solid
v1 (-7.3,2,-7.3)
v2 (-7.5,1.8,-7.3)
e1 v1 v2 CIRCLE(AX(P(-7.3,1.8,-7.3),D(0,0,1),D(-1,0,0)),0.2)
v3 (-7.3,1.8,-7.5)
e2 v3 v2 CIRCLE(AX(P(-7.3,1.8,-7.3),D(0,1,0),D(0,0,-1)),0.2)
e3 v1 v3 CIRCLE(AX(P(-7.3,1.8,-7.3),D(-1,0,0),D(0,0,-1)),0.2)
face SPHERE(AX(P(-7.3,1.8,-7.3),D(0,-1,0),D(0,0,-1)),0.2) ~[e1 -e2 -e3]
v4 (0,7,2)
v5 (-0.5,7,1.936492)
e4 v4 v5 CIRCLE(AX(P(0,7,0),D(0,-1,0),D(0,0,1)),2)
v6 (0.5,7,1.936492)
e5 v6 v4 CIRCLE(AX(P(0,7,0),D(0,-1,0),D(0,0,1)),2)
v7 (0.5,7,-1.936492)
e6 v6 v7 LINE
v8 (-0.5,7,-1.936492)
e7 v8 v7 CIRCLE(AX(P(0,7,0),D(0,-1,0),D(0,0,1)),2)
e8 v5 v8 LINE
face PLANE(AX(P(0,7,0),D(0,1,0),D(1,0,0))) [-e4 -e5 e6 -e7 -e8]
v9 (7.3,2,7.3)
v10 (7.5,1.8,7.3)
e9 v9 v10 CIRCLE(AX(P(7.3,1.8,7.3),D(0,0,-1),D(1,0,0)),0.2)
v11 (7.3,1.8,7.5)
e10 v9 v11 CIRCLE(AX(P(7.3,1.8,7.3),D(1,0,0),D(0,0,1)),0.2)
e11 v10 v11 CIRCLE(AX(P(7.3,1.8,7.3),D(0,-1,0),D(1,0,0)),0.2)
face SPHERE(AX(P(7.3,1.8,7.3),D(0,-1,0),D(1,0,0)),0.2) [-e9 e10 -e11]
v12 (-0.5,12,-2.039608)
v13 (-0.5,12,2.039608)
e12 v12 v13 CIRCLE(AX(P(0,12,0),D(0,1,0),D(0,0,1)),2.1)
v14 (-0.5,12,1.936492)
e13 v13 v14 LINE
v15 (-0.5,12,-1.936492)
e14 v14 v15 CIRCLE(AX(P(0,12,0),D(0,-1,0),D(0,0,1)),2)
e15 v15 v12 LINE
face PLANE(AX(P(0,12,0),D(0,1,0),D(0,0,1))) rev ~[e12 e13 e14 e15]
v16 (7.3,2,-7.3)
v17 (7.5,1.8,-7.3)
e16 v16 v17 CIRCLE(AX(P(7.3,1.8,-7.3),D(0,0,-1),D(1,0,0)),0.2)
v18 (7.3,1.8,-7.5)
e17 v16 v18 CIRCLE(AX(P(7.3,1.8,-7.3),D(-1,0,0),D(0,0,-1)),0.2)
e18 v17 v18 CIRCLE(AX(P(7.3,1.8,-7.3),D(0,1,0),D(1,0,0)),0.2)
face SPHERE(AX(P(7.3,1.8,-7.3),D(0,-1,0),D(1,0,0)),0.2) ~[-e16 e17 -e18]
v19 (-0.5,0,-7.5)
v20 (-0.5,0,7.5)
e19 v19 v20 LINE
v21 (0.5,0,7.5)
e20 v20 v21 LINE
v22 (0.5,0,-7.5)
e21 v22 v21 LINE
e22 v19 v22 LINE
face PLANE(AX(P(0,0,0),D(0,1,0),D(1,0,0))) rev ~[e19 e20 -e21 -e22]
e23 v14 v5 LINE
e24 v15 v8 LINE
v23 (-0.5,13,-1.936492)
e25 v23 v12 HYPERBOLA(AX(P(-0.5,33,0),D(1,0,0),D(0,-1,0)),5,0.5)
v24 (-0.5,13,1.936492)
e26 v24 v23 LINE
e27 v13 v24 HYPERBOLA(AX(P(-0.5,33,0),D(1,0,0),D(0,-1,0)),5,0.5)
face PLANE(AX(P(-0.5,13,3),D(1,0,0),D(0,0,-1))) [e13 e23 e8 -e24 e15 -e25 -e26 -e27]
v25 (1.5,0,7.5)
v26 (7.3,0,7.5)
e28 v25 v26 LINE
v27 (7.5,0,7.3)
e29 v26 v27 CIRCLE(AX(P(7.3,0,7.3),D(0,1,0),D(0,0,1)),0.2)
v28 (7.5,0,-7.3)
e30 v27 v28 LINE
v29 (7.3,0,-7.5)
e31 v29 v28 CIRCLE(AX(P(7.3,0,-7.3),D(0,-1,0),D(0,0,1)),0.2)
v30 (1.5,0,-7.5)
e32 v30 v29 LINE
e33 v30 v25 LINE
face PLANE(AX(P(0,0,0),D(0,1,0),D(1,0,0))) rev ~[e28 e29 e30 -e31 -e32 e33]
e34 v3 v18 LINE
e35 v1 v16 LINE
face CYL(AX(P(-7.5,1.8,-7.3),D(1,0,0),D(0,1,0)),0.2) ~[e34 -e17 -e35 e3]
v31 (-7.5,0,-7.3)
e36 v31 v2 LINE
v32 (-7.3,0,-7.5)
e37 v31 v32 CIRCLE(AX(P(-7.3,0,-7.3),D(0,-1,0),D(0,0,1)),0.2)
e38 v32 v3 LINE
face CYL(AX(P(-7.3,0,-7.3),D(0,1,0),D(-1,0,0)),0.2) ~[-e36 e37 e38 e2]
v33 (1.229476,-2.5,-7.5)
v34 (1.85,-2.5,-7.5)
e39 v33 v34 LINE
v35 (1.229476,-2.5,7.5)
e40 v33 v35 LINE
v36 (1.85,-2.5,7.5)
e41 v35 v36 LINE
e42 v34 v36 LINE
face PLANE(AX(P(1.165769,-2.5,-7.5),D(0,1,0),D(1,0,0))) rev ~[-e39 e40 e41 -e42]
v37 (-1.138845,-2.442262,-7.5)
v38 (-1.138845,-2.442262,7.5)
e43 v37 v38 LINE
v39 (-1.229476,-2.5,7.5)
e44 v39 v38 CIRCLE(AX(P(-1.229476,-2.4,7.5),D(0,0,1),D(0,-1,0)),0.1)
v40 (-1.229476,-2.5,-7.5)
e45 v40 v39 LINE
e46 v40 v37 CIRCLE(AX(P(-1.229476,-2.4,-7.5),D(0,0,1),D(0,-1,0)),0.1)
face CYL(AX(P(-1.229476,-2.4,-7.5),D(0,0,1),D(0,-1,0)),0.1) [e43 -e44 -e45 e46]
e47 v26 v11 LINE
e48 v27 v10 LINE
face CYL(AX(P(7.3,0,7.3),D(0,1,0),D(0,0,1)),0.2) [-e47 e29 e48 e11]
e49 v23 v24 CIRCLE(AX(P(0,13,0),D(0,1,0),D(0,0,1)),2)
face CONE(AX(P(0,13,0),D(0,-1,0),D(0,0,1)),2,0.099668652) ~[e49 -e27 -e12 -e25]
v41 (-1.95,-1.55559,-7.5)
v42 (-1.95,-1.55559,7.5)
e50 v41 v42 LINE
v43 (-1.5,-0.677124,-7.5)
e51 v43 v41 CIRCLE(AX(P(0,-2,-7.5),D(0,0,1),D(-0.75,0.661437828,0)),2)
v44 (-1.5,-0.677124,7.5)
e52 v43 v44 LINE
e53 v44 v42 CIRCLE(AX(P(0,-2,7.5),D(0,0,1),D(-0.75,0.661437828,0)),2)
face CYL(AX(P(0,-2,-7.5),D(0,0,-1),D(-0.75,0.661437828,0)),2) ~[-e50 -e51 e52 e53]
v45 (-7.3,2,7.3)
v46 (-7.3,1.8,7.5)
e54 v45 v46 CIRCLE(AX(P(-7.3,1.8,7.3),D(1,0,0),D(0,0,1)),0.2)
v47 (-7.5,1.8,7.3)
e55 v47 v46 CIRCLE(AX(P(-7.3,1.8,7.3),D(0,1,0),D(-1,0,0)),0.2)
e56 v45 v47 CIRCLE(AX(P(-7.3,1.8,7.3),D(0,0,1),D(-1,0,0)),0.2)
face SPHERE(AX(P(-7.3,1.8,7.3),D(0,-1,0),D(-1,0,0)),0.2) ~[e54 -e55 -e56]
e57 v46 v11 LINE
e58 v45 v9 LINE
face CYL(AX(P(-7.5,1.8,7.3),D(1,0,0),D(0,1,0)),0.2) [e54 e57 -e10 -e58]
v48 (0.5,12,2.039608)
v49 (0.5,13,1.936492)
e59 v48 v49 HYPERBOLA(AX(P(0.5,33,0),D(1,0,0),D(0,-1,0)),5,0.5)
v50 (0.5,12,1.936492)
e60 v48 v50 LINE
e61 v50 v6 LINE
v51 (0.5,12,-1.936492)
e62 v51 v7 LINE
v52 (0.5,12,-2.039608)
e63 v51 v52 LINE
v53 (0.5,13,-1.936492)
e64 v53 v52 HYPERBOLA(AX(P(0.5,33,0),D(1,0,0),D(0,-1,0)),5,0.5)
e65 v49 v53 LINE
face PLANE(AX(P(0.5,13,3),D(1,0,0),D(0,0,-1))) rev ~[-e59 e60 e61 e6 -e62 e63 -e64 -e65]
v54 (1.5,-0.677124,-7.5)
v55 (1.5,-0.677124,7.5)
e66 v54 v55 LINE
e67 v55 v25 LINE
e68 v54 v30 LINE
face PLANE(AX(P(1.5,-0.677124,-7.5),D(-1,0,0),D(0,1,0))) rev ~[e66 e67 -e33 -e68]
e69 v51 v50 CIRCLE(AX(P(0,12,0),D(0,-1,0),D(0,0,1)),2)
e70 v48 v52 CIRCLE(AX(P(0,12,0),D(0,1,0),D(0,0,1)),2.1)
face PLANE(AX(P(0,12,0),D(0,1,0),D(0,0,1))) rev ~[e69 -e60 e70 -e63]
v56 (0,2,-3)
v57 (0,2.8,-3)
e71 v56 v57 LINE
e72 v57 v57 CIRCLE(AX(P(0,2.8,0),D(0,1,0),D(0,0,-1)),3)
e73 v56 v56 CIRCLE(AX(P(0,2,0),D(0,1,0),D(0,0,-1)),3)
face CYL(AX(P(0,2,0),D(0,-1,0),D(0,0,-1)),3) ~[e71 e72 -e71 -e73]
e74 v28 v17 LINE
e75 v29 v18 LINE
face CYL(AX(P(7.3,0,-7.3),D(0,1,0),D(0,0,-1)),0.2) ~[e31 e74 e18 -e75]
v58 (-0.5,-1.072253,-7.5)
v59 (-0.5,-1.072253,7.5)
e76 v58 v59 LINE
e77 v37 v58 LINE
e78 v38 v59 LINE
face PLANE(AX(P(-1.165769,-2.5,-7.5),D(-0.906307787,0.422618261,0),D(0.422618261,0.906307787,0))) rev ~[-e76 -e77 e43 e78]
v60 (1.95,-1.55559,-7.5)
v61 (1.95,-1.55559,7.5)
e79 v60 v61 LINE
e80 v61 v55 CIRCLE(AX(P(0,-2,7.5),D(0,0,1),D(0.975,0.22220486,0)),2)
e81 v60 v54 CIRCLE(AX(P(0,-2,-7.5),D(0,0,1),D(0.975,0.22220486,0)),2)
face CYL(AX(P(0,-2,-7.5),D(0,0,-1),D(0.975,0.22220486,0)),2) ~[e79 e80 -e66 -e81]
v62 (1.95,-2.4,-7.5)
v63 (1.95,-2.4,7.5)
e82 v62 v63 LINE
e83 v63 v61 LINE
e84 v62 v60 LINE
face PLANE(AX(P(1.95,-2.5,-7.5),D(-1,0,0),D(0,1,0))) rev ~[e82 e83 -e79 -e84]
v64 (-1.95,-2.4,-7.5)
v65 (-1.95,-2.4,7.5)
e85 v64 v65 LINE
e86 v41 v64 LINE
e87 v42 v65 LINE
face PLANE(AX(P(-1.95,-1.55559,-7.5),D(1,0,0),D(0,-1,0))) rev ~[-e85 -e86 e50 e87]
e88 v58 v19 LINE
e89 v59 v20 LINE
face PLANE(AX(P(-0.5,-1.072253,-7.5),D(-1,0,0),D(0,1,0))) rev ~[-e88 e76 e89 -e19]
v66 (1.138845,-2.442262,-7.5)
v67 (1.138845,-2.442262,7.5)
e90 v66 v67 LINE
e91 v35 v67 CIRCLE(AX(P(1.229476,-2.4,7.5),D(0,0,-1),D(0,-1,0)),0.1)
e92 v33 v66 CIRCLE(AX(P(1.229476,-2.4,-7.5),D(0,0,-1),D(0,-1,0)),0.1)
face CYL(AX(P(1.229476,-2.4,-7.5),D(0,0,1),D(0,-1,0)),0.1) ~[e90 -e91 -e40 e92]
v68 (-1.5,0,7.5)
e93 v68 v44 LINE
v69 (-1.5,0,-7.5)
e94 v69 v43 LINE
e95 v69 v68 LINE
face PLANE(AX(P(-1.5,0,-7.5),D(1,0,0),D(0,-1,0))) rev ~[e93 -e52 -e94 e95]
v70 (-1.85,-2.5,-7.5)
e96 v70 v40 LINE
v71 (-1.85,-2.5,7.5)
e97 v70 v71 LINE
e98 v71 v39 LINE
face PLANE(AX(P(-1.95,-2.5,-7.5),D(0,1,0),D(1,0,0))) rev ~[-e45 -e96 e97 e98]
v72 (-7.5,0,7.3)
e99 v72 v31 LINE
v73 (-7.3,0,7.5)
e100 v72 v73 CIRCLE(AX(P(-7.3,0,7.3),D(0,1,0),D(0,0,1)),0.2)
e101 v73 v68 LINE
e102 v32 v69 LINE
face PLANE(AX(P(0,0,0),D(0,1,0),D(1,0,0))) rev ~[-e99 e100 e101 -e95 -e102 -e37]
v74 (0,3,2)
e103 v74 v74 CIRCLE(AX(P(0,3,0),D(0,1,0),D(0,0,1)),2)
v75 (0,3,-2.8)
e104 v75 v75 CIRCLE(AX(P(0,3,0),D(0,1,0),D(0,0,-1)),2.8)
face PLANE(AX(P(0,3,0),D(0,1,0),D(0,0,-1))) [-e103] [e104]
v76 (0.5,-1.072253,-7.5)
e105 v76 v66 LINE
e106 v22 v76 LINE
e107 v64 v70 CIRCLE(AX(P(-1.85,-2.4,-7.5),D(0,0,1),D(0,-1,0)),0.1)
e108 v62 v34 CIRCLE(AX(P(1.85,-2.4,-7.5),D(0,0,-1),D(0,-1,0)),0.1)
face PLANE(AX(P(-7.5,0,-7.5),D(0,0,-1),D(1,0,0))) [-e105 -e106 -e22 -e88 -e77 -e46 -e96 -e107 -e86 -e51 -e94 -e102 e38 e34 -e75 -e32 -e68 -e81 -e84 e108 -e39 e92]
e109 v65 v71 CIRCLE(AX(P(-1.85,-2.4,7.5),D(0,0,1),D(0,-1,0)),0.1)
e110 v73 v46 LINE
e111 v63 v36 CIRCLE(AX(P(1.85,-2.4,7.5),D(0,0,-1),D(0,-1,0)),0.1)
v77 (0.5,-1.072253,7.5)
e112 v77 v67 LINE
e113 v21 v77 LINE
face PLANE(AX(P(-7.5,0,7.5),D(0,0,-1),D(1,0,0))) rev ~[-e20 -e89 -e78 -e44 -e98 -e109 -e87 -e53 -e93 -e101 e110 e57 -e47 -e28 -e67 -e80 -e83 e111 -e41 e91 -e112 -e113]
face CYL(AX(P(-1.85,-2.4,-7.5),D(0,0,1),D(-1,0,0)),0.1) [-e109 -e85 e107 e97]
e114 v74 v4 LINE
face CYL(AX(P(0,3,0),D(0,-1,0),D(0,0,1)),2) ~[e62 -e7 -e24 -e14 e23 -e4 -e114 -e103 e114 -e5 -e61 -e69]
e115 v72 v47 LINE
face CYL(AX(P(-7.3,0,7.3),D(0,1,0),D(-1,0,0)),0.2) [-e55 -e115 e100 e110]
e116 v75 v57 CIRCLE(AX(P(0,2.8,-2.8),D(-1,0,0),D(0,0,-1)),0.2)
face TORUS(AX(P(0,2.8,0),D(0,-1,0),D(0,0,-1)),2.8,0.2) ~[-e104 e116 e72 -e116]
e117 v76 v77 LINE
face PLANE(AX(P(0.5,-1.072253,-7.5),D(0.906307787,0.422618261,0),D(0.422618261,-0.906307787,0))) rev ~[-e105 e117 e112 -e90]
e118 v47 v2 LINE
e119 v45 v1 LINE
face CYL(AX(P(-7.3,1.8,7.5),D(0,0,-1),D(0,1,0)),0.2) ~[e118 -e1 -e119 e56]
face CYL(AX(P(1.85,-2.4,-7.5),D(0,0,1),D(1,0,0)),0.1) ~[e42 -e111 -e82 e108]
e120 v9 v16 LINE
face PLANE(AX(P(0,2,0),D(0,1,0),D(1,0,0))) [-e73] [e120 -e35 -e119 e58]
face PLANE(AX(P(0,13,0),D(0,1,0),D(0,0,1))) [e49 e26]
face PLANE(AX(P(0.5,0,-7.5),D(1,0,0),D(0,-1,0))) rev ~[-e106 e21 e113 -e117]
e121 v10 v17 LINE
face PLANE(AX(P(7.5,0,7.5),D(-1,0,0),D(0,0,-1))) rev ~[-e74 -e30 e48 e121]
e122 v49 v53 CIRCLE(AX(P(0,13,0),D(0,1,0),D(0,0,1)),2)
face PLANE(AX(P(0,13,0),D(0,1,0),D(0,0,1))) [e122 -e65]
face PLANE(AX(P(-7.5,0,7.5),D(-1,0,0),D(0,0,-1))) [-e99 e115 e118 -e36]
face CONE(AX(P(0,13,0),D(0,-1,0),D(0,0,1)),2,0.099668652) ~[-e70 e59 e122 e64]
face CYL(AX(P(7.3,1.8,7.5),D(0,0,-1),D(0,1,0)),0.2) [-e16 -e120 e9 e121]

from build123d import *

# Parameters (mm, degrees)
SKETCH_1_W           = 15
SKETCH_1_H           = 15
EXTRUDE_1_DEPTH      = 2
SKETCH_2_R           = 3
EXTRUDE_2_DEPTH      = 1
SKETCH_3_R           = 2
EXTRUDE_3_DEPTH      = 10
SKETCH_5_W           = 1
SKETCH_5_H           = 6
CUT_EXTRUDE_1_DEPTH  = 6
EXTRUDE_4_DEPTH      = 7.5
EXTRUDE_4_DEPTH_BACK = 7.5
FILLET_1_R           = 0.2
FILLET_2_R           = 0.1


with BuildPart() as part:
    # 草图1 → 凸台-拉伸1 (new body)
    with BuildSketch(Plane(origin=(0, 0, 0), x_dir=(1, 0, 0), z_dir=(0, 1, 0))):
        Rectangle(SKETCH_1_W, SKETCH_1_H)
    extrude(amount=EXTRUDE_1_DEPTH)

    # 草图2 → 凸台-拉伸2 (add)
    with BuildSketch(Plane(origin=(0, 2, 0), x_dir=(1, 0, 0), z_dir=(0, 1, 0))):
        Circle(SKETCH_2_R)
    extrude(amount=EXTRUDE_2_DEPTH)

    # 草图3 → 凸台-拉伸3 (add)
    with BuildSketch(Plane(origin=(0, 3, 0), x_dir=(1, 0, 0), z_dir=(0, 1, 0))):
        Circle(SKETCH_3_R)
    extrude(amount=EXTRUDE_3_DEPTH)

    # 草图4 → 旋转1 (revolve)
    with BuildSketch(Plane.XY):
        Polygon((0, 13), (-2, 13), (-2.1, 12), (0, 12), align=None)
    revolve(axis=Axis((0, 12, 0), (0, 1, 0)))

    # 草图5 → 切除-拉伸1 (cut)
    with BuildSketch(Plane(origin=(0, 13, 0), x_dir=(1, 0, 0), z_dir=(0, 1, 0))):
        Rectangle(SKETCH_5_W, SKETCH_5_H)
    extrude(amount=-CUT_EXTRUDE_1_DEPTH, mode=Mode.SUBTRACT)

    # 草图6 → 凸台-拉伸4 (add, two sides: drawn at the far end of the back side and taken through both)
    with BuildSketch(Plane.XY.offset(-EXTRUDE_4_DEPTH_BACK)):
        with BuildLine():
            Line((-0.5, 0), (-1.5, 0))
            Line((-1.5, 0), (-1.5, -0.677124344))
            ThreePointArc((-1.5, -0.677124344), (-1.780042303, -1.088161527), (-1.95, -1.555590279))
            Line((-1.95, -1.555590279), (-1.95, -2.5))
            Line((-1.95, -2.5), (-1.165769145, -2.5))
            Line((-1.165769145, -2.5), (-0.5, -1.07225346))
            Line((-0.5, -1.07225346), (-0.5, 0))
        make_face()
        with BuildLine():
            Line((0.5, 0), (0.5, -1.07225346))
            Line((0.5, -1.07225346), (1.165769145, -2.5))
            Line((1.165769145, -2.5), (1.95, -2.5))
            Line((1.95, -2.5), (1.95, -1.555590279))
            ThreePointArc((1.95, -1.555590279), (1.780042303, -1.088161527), (1.5, -0.677124344))
            Line((1.5, -0.677124344), (1.5, 0))
            Line((1.5, 0), (0.5, 0))
        make_face()
    extrude(amount=EXTRUDE_4_DEPTH + EXTRUDE_4_DEPTH_BACK)

    # 圆角1
    fillet_1_edges = [part.edges().sort_by_distance(p)[0] for p in [
        (-7.5, 1, -7.5),
        (7.5, 1, -7.5),
        (7.5, 1, 7.5),
        (-7.5, 1, 7.5),
        (7.5, 2, 0),
        (0, 2, -7.5),
        (-7.5, 2, 0),
        (0, 2, 7.5),
        (-3, 3, 0),
    ]]
    fillet(fillet_1_edges, radius=FILLET_1_R)

    # 圆角2
    fillet_2_edges = [part.edges().sort_by_distance(p)[0] for p in [
        (-1.95, -2.5, 0),
        (-1.165769145, -2.5, 0),
        (1.165769145, -2.5, 0),
        (1.95, -2.5, 0),
    ]]
    fillet(fillet_2_edges, radius=FILLET_2_R)


solid = part.part
